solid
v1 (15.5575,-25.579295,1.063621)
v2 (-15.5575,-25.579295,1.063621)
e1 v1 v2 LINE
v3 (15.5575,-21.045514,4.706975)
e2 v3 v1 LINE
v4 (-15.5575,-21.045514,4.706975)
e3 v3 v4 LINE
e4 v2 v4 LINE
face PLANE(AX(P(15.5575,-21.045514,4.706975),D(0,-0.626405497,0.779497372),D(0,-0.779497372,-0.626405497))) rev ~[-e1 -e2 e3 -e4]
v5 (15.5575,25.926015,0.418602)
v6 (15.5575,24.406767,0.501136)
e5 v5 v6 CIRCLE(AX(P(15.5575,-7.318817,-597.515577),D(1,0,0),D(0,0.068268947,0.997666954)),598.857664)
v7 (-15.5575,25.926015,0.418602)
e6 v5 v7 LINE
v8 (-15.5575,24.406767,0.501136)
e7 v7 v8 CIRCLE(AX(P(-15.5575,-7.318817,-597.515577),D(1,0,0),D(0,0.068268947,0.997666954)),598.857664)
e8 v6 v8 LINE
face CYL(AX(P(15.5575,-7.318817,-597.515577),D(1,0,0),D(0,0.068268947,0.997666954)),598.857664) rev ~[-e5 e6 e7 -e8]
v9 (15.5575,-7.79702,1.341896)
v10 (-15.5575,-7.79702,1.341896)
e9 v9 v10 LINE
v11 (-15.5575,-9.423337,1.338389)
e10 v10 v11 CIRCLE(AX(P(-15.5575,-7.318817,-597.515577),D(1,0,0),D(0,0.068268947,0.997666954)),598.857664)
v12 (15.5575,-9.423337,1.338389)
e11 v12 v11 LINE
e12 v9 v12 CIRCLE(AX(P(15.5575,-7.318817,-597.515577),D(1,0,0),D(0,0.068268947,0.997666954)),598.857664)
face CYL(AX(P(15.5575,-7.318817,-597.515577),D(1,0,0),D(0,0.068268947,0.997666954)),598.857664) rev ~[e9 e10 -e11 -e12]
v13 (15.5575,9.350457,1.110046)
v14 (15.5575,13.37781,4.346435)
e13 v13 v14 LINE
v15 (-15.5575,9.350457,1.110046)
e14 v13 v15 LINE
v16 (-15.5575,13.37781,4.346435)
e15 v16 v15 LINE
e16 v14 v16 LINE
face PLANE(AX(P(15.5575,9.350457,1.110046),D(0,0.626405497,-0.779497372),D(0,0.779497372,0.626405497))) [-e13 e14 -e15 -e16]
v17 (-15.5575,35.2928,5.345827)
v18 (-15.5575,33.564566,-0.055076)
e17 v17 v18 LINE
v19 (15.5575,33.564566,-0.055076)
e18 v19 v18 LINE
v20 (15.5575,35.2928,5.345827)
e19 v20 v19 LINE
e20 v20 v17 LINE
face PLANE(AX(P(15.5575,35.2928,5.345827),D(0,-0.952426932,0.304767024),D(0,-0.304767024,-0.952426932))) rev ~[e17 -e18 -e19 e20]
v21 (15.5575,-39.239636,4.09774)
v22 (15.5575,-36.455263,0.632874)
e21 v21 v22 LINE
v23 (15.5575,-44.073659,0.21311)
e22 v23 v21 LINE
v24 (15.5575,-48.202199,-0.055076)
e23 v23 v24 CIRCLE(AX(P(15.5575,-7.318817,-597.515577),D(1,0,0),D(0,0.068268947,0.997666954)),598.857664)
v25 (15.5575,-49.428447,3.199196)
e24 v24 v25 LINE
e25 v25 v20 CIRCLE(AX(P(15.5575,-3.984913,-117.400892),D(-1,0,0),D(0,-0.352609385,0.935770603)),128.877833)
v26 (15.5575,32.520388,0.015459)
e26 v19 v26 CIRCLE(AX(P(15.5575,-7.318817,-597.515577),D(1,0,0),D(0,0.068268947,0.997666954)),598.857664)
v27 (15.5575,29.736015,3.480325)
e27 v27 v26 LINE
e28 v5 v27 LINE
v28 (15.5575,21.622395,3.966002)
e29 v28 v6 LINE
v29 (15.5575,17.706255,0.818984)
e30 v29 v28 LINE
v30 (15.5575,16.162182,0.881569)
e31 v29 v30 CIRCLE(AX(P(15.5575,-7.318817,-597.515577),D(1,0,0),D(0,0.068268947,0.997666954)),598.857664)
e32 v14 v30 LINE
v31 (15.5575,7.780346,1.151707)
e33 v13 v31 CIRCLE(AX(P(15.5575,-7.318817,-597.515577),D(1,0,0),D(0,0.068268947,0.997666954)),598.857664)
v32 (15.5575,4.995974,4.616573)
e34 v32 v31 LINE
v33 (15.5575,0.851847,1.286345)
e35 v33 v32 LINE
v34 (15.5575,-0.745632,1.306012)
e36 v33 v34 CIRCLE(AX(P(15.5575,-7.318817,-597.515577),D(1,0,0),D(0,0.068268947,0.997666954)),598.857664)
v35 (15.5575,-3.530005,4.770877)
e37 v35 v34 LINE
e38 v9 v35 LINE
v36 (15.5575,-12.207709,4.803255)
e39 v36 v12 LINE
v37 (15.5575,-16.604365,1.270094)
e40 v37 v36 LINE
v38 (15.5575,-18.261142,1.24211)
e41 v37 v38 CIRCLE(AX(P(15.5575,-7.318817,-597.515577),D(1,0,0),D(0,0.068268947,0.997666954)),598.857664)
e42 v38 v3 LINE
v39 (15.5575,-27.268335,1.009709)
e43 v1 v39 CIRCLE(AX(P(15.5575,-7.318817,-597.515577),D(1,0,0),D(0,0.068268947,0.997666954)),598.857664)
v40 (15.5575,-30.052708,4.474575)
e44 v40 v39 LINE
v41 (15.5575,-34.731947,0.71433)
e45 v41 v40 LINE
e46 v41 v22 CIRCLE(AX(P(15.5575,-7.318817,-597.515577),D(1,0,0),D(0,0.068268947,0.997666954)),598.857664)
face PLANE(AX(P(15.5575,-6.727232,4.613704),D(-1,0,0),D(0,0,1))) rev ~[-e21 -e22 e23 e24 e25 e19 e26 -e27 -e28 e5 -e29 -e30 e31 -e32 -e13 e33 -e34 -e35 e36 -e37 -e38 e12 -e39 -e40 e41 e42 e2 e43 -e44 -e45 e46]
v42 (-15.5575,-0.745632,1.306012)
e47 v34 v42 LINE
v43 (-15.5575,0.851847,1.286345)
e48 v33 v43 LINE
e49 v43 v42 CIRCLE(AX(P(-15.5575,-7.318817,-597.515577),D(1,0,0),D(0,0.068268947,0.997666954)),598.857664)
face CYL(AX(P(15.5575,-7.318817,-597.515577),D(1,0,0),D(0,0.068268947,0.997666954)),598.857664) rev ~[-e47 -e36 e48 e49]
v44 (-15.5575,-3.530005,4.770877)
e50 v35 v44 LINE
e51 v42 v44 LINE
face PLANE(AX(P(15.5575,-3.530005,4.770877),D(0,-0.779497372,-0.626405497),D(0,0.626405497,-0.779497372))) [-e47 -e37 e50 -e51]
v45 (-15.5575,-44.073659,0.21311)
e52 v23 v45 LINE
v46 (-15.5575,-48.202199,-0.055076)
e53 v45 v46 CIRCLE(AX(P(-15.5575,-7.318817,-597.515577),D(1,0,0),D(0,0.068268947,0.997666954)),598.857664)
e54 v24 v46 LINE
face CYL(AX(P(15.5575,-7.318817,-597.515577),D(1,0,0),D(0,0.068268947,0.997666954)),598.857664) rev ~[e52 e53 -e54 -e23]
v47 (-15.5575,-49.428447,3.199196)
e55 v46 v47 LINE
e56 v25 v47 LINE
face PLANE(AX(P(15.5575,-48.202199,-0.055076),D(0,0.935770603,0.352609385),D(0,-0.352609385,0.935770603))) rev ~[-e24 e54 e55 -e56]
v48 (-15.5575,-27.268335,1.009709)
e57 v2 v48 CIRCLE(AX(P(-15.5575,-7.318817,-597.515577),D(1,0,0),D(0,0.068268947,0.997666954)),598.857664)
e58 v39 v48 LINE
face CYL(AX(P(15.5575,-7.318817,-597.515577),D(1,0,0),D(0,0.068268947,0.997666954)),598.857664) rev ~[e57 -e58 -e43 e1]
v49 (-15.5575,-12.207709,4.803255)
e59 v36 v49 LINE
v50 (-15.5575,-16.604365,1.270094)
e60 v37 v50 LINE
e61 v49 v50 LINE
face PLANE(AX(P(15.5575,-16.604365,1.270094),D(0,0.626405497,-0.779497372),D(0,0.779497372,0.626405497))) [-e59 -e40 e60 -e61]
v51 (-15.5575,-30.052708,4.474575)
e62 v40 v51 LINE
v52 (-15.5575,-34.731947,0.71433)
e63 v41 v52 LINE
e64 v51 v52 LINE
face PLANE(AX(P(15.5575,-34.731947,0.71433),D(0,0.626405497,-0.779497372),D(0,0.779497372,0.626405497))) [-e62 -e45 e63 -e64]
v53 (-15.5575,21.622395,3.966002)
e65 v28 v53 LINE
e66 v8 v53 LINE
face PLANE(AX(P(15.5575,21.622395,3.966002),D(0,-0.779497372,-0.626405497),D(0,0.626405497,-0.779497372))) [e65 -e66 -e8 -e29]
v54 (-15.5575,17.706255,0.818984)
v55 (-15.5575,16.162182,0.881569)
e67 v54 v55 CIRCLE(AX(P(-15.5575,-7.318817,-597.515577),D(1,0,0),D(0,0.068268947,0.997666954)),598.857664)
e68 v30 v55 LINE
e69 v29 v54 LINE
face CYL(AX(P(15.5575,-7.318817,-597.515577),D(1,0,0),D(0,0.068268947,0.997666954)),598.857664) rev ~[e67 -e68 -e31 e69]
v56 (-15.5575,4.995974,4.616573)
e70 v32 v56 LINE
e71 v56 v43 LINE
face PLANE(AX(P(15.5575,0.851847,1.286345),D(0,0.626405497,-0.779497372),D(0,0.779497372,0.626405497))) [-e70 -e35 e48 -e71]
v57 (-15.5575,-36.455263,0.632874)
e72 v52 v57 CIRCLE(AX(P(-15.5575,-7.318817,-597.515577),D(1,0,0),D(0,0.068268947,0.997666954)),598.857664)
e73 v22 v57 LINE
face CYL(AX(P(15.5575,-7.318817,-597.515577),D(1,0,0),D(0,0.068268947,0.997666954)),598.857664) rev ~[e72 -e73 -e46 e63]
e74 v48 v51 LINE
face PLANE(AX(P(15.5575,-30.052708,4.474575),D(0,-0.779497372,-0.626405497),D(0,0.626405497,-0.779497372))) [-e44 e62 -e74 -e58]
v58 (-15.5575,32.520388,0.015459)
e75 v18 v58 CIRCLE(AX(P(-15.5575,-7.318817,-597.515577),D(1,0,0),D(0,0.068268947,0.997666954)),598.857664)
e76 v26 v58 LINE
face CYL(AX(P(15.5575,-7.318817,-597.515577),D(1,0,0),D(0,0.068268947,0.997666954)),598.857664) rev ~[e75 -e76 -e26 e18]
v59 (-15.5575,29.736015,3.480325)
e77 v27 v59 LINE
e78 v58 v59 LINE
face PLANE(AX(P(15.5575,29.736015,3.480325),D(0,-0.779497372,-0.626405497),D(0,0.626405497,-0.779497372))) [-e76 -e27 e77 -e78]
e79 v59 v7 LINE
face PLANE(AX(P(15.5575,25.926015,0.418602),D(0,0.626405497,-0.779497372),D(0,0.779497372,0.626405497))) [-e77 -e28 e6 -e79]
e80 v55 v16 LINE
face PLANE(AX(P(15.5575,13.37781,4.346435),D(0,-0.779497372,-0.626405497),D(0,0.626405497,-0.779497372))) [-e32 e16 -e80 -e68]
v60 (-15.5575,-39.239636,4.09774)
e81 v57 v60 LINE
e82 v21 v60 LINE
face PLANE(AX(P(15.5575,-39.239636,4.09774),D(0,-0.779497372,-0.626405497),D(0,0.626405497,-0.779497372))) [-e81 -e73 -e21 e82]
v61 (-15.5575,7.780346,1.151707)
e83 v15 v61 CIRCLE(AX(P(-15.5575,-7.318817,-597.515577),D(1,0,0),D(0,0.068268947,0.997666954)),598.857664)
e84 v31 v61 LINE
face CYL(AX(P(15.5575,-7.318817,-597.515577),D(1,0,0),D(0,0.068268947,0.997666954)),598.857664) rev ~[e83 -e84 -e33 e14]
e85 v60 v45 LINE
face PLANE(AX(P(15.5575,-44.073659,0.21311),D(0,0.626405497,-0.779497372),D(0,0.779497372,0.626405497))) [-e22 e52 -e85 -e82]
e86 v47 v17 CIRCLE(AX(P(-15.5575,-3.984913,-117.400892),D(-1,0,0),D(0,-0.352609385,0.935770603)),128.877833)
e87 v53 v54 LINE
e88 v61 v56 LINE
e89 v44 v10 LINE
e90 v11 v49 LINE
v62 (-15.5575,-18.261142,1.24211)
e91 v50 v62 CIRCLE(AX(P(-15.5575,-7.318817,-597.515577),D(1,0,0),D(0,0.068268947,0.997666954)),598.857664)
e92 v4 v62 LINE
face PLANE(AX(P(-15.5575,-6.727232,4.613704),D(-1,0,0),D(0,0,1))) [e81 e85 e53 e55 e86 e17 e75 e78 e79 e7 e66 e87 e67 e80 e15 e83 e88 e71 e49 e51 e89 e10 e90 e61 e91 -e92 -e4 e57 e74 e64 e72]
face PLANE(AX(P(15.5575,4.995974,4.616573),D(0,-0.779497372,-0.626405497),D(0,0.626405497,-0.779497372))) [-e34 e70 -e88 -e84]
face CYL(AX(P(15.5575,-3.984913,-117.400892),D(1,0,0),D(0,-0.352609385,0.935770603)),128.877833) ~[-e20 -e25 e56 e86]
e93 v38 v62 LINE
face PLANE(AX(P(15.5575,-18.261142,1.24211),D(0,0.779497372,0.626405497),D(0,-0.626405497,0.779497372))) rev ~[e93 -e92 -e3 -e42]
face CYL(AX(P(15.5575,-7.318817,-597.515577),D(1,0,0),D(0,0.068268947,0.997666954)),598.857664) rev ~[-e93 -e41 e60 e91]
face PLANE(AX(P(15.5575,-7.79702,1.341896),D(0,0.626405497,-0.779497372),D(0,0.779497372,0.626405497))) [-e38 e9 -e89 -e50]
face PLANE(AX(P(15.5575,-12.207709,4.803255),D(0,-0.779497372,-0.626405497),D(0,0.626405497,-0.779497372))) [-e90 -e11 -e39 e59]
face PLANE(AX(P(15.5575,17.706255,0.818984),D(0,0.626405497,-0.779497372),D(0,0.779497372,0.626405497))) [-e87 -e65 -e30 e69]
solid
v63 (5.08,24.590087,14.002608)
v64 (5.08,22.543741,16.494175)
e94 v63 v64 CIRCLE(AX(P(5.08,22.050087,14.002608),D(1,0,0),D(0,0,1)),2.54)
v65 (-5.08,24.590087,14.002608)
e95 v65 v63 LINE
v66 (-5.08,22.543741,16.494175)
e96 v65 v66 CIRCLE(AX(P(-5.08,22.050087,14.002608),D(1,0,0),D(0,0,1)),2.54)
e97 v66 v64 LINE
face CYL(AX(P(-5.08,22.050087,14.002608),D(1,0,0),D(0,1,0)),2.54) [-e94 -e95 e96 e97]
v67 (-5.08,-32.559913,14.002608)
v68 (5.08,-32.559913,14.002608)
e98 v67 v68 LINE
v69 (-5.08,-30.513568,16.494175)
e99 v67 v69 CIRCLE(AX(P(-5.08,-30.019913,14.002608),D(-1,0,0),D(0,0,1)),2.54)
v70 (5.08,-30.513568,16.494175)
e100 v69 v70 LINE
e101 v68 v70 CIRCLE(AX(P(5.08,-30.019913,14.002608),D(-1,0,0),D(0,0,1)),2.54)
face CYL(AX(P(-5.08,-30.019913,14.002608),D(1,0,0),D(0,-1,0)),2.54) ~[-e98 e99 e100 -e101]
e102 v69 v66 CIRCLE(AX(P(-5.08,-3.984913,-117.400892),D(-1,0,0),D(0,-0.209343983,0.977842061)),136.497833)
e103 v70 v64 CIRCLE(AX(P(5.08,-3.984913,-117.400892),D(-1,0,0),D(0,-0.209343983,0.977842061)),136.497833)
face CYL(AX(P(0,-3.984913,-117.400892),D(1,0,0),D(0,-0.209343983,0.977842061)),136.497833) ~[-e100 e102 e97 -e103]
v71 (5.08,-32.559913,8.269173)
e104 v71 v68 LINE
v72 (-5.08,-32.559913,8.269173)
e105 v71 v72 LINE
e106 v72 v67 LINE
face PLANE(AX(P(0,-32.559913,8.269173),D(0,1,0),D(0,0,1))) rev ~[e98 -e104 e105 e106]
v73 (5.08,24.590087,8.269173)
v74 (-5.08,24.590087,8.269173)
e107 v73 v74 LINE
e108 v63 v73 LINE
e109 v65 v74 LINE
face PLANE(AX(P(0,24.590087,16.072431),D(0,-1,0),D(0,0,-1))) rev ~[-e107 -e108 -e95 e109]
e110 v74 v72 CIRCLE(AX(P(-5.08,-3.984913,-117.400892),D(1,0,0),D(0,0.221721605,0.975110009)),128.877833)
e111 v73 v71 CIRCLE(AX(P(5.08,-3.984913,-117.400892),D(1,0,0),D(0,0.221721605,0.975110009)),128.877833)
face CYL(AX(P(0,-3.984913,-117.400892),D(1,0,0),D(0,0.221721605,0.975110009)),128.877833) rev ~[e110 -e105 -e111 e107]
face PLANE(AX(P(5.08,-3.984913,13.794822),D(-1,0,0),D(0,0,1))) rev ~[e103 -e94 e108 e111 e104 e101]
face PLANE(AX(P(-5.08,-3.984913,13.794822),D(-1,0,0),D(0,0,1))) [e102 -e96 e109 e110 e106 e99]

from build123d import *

# Parameters (mm, degrees)
BOSS_EXTRUDE1_DEPTH = 63.5
SKETCH2_W           = 6.985
SKETCH2_H           = 9.525
CUT_EXTRUDE1_DEPTH  = 98.190271375
CUT_EXTRUDE2_DEPTH  = 98.190271375
CUT_EXTRUDE3_DEPTH  = 98.190271375
FILLET1_R           = 2.54
CUT_EXTRUDE4_DEPTH  = 5.08
CUT_EXTRUDE6_DEPTH  = 15.113
FILLET2_R           = 0.508
BOSS_EXTRUDE2_DEPTH = 31.115
BOSS_EXTRUDE3_DEPTH = 5.08
CUT_EXTRUDE7_DEPTH  = 62.449228845
FILLET3_R           = 2.54


with BuildPart() as part:
    # Sketch1 → Boss-Extrude1 (new body)
    with BuildSketch(Plane.XY):
        Polygon((-15.5575, 57.15), (15.5575, 57.15), (15.5575, -57.15), (7.845485509, -57.15), (9.525, -66.675), (-9.525, -66.675), (-7.845485509, -57.15), (-15.5575, -57.15), align=None)
    extrude(amount=BOSS_EXTRUDE1_DEPTH)

    # Sketch2 → Cut-Extrude1 (cut, through all)
    with BuildSketch(Plane(origin=(15.5575, 0, 0), x_dir=(0, 0, -1), z_dir=(1, 0, 0))):
        with Locations((-3.4925, -61.9125)):
            Rectangle(SKETCH2_W, SKETCH2_H)
    extrude(amount=-CUT_EXTRUDE1_DEPTH, mode=Mode.SUBTRACT)

    # Sketch3 → Cut-Extrude2 (cut, through all)
    with BuildSketch(Plane(origin=(15.5575, 0, 0), x_dir=(0, 0, -1), z_dir=(1, 0, 0))):
        with BuildLine():
            Line((-63.5, -66.675), (-63.5, -57.15))
            Line((-63.5, -57.15), (-63.5, 57.15))
            Line((-63.5, 57.15), (-6.541803462, 57.15))
            ThreePointArc((-6.541803462, 57.15), (-48.577712048, 1.473490038), (-63.5, -66.675))
        make_face()
        with BuildLine():
            Line((0, -57.15), (0, 49.180173588))
            ThreePointArc((0, 49.180173588), (-11.476941242, -3.984913206), (0, -57.15))
        make_face()
    extrude(amount=-CUT_EXTRUDE2_DEPTH, mode=Mode.SUBTRACT)

    # Sketch6 → Cut-Extrude3 (cut, through all)
    with BuildSketch(Plane(origin=(15.5575, 0, 0), x_dir=(0, 0, -1), z_dir=(1, 0, 0))):
        with BuildLine():
            ThreePointArc((-47.632075843, -49.890456381), (-52.498873953, -48.968704782), (-54.267408906, -44.34186634))
            ThreePointArc((-54.267408906, -44.34186634), (-39.547918107, 2.686780726), (-10.848565028, 42.745539907))
            ThreePointArc((-10.848565028, 42.745539907), (-19.036412689, 0.07961245), (-13.402903517, -42.998059138))
            ThreePointArc((-13.402903517, -42.998059138), (-14.664693682, -48.027852091), (-19.684337414, -49.329431277))
            ThreePointArc((-19.684337414, -49.329431277), (-33.70089031, -47.483635481), (-47.632075843, -49.890456381))
        make_face()
    extrude(amount=-CUT_EXTRUDE3_DEPTH, mode=Mode.SUBTRACT)

    # Fillet1
    fillet1_edges = [part.edges().sort_by_distance(p)[0] for p in [
        (0, 42.745539907, 10.848565028),
    ]]
    fillet(fillet1_edges, radius=FILLET1_R)

    # Sketch7 → Cut-Extrude4 (cut, symmetric)
    with BuildSketch(Plane(origin=(0, 0, 0), x_dir=(0, 0, -1), z_dir=(1, 0, 0))):
        with BuildLine():
            Line((-19.096941242, 24.590086794), (-8.26917315, 24.590086794))
            ThreePointArc((-8.26917315, 24.590086794), (-11.476941242, -3.984913206), (-8.26917315, -32.559913206))
            Line((-8.26917315, -32.559913206), (-19.096941242, -32.559913206))
            Line((-19.096941242, -32.559913206), (-19.096941242, 24.590086794))
        make_face()
    extrude(amount=CUT_EXTRUDE4_DEPTH, both=True, mode=Mode.SUBTRACT)

    # Sketch10 → Cut-Extrude6 (cut, symmetric)
    with BuildSketch(Plane(origin=(15.5575, 57.15, 6.541803462), x_dir=(-1, 0, 0), z_dir=(0, -0.7729564233131586, -0.6344591142531796))):
        Polygon((0, 5.056529006), (6.985, 5.056529006), (0, -3.769970994), align=None)
        Polygon((31.115, 5.056529006), (31.115, -3.769970994), (24.13, 5.056529006), align=None)
    extrude(amount=CUT_EXTRUDE6_DEPTH, both=True, mode=Mode.SUBTRACT)

    # Fillet2
    fillet2_edges = [part.edges().sort_by_distance(p)[0] for p in [
        (0, 57.15, 6.541803462),
        (-14.065958943, 55.91454615, 7.966671007),
        (14.065958943, 55.91454615, 7.966671007),
        (-15.5575, 4.078442286, 47.351485464),
        (15.5575, 4.078442286, 47.351485464),
    ]]
    fillet(fillet2_edges, radius=FILLET2_R)


with BuildPart() as body_2:
    # Sketch11 → Boss-Extrude2 (new body)
    with BuildSketch(Plane(origin=(15.5575, 0, 0), x_dir=(0, 0, -1), z_dir=(1, 0, 0))):
        with BuildLine():
            Line((-5.34582736, 35.292800385), (0.055075628, 33.564565837))
            ThreePointArc((0.055075628, 33.564565837), (-1.342086932, -7.3188165), (0.055075628, -48.202198838))
            Line((0.055075628, -48.202198838), (-3.199195761, -49.428446626))
            ThreePointArc((-3.199195761, -49.428446626), (-11.435591811, -7.249318258), (-5.34582736, 35.292800385))
        make_face()
    extrude(amount=-BOSS_EXTRUDE2_DEPTH)

    # Sketch13 → Cut-Extrude7 (cut, through all)
    with BuildSketch(Plane(origin=(15.5575, 0, 0), x_dir=(0, 0, -1), z_dir=(1, 0, 0))):
        Polygon((-0.01545939, 32.520387834), (3.046263496, 28.710387834), (-0.418602323, 25.926015399), (-3.480325209, 29.736015399), align=None)
        Polygon((-0.501135954, 24.406767474), (2.645881347, 20.490627326), (-0.818984472, 17.706254892), (-3.966001773, 21.622395039), align=None)
        Polygon((-0.881569002, 16.162182357), (2.354819424, 12.134829013), (-1.110046395, 9.350456578), (-4.346434821, 13.377809922), align=None)
        Polygon((-1.151706999, 7.780346365), (2.178520725, 3.636219644), (-1.286345095, 0.851847209), (-4.616572818, 4.99597393), align=None)
        Polygon((-1.30601154, -0.745632478), (2.122969817, -5.012647965), (-1.341896002, -7.797020399), (-4.770877359, -3.530004913), align=None)
        Polygon((-1.338389041, -9.423337013), (2.194771451, -13.819992745), (-1.270094368, -16.604365179), (-4.80325486, -12.207709448), align=None)
        Polygon((-4.706975335, -21.045514452), (-1.063621254, -25.579294799), (2.401244565, -22.794922364), (-1.242109516, -18.261142017), align=None)
        Polygon((-1.00970931, -27.268335243), (2.750535553, -31.947574174), (-0.714330267, -34.731946609), (-4.474575129, -30.052707677), align=None)
        Polygon((-0.632873728, -36.455263474), (3.25175586, -41.289286435), (-0.213109959, -44.07365887), (-4.097739547, -39.239635909), align=None)
    extrude(amount=-CUT_EXTRUDE7_DEPTH, mode=Mode.SUBTRACT)


with BuildPart() as body_3:
    # Sketch12 → Boss-Extrude3 (new, symmetric)
    with BuildSketch(Plane(origin=(0, 0, 0), x_dir=(0, 0, -1), z_dir=(1, 0, 0))):
        with BuildLine():
            Line((-16.072430628, 24.590086794), (-8.26917315, 24.590086794))
            ThreePointArc((-8.26917315, 24.590086794), (-11.476941242, -3.984913206), (-8.26917315, -32.559913206))
            Line((-8.26917315, -32.559913206), (-16.072430628, -32.559913206))
            ThreePointArc((-16.072430628, -32.559913206), (-19.096941242, -3.984913206), (-16.072430628, 24.590086794))
        make_face()
    extrude(amount=BOSS_EXTRUDE3_DEPTH, both=True)

    # Fillet3
    fillet3_edges = [body_3.edges().sort_by_distance(p)[0] for p in [
        (0, 24.590086794, 16.072430628),
        (0, -32.559913206, 16.072430628),
    ]]
    fillet(fillet3_edges, radius=FILLET3_R)


solid = Compound([body_2.part, body_3.part])
